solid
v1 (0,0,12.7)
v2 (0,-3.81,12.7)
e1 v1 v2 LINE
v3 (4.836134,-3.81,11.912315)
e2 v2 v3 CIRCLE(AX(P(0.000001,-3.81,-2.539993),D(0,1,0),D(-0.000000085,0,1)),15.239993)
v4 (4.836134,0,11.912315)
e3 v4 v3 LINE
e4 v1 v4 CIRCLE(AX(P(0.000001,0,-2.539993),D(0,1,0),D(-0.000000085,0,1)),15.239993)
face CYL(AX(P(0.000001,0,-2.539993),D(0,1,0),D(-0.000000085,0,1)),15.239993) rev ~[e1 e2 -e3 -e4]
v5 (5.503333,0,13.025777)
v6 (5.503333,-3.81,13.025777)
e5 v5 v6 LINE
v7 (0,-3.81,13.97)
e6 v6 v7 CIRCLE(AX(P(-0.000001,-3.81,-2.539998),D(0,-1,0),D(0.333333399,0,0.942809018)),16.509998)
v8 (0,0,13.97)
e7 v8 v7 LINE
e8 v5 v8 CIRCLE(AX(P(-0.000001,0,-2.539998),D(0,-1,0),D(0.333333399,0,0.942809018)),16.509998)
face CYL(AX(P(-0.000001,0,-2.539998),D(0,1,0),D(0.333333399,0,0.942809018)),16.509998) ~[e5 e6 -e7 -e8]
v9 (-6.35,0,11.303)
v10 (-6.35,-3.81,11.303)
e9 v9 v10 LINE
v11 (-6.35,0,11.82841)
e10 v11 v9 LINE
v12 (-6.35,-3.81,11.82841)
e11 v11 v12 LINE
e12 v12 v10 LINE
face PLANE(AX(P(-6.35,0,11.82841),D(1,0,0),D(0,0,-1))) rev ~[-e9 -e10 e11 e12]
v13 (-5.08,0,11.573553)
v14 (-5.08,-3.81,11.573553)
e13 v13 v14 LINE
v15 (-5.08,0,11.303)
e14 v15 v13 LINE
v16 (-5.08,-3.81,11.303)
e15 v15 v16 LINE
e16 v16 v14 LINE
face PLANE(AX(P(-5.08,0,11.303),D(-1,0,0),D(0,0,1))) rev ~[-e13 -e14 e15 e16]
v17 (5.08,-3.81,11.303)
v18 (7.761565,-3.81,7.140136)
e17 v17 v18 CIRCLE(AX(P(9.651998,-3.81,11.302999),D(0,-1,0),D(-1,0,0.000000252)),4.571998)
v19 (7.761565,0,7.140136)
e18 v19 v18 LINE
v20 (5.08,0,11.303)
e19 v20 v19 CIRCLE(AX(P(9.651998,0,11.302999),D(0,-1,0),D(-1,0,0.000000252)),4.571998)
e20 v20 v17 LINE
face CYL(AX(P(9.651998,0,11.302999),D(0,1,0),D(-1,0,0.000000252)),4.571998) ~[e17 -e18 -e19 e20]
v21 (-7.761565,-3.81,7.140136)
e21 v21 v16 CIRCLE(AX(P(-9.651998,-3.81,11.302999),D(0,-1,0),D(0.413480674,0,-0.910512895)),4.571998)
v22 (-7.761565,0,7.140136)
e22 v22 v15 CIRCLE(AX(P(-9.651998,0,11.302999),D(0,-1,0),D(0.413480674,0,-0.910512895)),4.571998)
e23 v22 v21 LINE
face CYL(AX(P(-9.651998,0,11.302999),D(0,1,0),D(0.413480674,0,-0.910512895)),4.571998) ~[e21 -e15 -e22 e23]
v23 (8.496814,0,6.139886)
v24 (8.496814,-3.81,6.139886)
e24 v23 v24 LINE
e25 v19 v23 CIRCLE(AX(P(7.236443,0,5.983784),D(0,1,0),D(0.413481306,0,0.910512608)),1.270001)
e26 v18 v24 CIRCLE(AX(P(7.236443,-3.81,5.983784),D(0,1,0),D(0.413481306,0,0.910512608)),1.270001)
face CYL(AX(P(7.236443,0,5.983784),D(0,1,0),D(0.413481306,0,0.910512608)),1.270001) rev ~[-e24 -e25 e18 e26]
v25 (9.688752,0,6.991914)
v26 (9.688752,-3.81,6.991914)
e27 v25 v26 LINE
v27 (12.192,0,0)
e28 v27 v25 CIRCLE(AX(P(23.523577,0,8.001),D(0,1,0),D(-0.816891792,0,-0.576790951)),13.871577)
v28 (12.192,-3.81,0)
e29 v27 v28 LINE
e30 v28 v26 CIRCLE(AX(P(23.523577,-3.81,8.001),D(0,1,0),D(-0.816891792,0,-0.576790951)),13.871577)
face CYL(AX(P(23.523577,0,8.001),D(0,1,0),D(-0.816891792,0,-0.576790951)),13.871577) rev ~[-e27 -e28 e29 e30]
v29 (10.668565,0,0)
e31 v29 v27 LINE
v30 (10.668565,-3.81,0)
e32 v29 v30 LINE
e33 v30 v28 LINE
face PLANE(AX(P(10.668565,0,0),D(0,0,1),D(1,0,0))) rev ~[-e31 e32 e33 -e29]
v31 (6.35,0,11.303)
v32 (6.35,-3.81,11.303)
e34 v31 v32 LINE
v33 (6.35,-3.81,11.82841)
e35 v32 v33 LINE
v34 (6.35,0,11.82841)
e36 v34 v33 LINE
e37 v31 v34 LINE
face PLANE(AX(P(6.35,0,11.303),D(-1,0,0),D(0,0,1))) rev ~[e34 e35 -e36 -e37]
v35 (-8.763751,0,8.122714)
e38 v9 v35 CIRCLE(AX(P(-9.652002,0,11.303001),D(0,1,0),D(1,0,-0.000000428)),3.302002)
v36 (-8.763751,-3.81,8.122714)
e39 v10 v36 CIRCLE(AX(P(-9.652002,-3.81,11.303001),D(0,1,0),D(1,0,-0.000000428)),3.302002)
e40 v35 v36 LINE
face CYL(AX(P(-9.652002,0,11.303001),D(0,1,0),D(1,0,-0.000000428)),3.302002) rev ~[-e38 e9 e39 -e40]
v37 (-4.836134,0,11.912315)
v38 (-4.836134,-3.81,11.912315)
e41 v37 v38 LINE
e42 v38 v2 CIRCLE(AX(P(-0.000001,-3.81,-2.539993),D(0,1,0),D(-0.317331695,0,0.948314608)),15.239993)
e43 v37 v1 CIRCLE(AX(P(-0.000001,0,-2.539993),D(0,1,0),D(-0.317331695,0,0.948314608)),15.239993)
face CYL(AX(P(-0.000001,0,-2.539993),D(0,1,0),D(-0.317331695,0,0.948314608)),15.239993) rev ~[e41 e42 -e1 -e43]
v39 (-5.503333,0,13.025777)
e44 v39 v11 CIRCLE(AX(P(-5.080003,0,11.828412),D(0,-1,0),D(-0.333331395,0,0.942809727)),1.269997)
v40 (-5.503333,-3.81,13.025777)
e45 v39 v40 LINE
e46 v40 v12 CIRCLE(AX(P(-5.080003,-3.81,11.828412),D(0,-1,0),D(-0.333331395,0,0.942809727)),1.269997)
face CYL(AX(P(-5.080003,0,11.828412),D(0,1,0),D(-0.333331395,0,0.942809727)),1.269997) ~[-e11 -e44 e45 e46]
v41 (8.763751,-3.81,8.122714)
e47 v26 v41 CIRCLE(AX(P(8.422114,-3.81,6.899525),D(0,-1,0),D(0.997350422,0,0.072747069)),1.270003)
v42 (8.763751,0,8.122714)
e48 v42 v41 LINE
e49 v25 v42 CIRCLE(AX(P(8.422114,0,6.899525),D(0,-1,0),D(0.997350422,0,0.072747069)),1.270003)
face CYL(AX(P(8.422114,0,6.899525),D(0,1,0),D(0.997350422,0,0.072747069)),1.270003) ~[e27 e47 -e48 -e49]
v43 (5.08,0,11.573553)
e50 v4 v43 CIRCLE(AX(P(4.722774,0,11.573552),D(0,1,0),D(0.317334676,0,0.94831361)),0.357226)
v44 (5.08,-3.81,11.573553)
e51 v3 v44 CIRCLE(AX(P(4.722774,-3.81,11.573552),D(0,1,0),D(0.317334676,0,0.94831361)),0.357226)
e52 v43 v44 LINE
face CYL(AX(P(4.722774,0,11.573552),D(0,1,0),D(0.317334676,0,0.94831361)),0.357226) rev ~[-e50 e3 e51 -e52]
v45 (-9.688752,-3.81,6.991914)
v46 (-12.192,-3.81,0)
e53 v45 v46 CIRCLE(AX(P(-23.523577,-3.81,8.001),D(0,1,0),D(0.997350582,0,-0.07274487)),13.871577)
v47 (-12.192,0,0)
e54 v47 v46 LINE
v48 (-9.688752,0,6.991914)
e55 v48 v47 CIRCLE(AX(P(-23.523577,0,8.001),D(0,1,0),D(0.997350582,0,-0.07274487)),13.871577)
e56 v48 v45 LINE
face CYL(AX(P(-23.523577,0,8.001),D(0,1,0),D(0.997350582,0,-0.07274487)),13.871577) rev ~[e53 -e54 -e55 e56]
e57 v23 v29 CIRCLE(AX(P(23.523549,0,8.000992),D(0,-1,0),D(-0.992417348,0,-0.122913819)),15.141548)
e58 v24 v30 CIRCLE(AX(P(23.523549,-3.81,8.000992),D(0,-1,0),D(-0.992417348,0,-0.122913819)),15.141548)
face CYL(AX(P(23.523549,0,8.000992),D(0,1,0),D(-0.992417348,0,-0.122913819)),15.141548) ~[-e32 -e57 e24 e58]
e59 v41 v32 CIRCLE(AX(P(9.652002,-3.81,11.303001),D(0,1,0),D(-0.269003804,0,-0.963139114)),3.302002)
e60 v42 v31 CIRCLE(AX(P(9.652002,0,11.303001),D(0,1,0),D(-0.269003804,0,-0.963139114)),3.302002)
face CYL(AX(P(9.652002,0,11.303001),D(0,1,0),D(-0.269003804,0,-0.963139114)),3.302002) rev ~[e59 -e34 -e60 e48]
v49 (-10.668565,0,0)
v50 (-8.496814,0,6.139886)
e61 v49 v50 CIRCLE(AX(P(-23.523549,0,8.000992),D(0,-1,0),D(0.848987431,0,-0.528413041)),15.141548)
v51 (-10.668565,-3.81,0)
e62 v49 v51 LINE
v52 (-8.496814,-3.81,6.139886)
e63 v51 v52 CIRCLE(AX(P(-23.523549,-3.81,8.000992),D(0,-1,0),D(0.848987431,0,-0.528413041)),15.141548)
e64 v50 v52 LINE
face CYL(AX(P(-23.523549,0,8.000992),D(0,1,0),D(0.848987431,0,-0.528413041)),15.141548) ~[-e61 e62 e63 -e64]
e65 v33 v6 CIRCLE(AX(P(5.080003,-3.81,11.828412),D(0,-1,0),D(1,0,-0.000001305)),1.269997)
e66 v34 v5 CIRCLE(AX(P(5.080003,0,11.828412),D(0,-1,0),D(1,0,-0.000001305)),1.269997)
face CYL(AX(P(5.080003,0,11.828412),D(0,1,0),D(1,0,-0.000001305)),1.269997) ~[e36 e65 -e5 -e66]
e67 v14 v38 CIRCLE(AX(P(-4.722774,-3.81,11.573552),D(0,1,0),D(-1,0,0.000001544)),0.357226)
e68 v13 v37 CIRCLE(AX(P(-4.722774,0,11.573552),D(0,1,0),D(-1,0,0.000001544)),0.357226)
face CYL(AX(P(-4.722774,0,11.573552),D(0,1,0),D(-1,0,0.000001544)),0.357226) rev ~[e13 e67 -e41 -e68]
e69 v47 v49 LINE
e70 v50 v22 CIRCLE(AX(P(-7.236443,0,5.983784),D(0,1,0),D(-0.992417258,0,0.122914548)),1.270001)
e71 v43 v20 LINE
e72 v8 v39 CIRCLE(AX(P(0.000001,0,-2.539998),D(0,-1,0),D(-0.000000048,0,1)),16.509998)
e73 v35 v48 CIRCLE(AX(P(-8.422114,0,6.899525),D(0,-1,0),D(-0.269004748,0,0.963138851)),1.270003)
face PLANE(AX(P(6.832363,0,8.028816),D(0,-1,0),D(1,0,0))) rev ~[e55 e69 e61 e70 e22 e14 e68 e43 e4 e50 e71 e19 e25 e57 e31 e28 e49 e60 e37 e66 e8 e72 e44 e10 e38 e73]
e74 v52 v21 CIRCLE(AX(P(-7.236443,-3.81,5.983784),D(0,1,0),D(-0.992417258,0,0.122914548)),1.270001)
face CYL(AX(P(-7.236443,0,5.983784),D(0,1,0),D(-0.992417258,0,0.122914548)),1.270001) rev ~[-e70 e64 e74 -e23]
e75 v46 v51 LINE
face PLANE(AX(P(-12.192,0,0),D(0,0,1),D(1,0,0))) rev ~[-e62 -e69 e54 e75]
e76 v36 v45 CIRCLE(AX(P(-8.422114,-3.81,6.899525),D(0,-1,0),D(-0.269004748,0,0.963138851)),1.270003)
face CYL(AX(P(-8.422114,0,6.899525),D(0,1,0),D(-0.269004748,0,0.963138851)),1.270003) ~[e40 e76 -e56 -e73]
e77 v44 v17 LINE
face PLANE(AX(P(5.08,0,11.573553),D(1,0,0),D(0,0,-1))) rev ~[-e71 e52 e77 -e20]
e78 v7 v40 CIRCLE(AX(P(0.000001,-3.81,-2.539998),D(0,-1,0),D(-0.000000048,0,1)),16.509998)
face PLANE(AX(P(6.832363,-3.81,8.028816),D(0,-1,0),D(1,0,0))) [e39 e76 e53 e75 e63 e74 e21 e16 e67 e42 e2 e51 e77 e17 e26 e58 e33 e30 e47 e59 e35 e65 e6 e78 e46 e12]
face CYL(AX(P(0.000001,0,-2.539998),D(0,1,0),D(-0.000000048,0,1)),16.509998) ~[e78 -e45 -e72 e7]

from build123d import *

# Parameters (mm, degrees)
F1_DEPTH = 3.81


with BuildPart() as f1:
    # F0 (on Front) → F1 (new body)
    with BuildSketch(Plane.XZ):
        with BuildLine():
            Line((0, 13.97), (0, 12.7))
            ThreePointArc((0, 12.7), (2.44993, 12.50179), (4.836134, 11.912315))
            ThreePointArc((4.836134, 11.912315), (5.012692, 11.782258), (5.08, 11.573553))
            Line((5.08, 11.573553), (5.08, 11.303))
            ThreePointArc((5.08, 11.303), (5.808417, 8.827105), (7.761565, 7.140136))
            ThreePointArc((7.761565, 7.140136), (8.259733, 6.735968), (8.496814, 6.139886))
            ThreePointArc((8.496814, 6.139886), (9.248672, 2.951797), (10.668565, 0))
            Line((10.668565, 0), (12.192, 0))
            ThreePointArc((12.192, 0), (10.463766, 3.325321), (9.688752, 6.991914))
            ThreePointArc((9.688752, 6.991914), (9.405127, 7.703635), (8.763751, 8.122714))
            ThreePointArc((8.763751, 8.122714), (7.021772, 9.306728), (6.35, 11.303))
            Line((6.35, 11.303), (6.35, 11.82841))
            ThreePointArc((6.35, 11.82841), (6.116951, 12.561645), (5.503333, 13.025777))
            ThreePointArc((5.503333, 13.025777), (2.791874, 13.732232), (0, 13.97))
        make_face()
        with BuildLine():
            ThreePointArc((-4.836134, 11.912315), (-2.44993, 12.50179), (0, 12.7))
            Line((0, 12.7), (0, 13.97))
            ThreePointArc((0, 13.97), (-2.791874, 13.732232), (-5.503333, 13.025777))
            ThreePointArc((-5.503333, 13.025777), (-6.116951, 12.561645), (-6.35, 11.82841))
            Line((-6.35, 11.82841), (-6.35, 11.303))
            ThreePointArc((-6.35, 11.303), (-7.021772, 9.306728), (-8.763751, 8.122714))
            ThreePointArc((-8.763751, 8.122714), (-9.405127, 7.703635), (-9.688752, 6.991914))
            ThreePointArc((-9.688752, 6.991914), (-10.463766, 3.325321), (-12.192, 0))
            Line((-12.192, 0), (-10.668565, 0))
            ThreePointArc((-10.668565, 0), (-9.248672, 2.951797), (-8.496814, 6.139886))
            ThreePointArc((-8.496814, 6.139886), (-8.259733, 6.735968), (-7.761565, 7.140136))
            ThreePointArc((-7.761565, 7.140136), (-5.808417, 8.827105), (-5.08, 11.303))
            Line((-5.08, 11.303), (-5.08, 11.573553))
            ThreePointArc((-5.08, 11.573553), (-5.012692, 11.782258), (-4.836134, 11.912315))
        make_face()
    extrude(amount=F1_DEPTH)


solid = f1.part
